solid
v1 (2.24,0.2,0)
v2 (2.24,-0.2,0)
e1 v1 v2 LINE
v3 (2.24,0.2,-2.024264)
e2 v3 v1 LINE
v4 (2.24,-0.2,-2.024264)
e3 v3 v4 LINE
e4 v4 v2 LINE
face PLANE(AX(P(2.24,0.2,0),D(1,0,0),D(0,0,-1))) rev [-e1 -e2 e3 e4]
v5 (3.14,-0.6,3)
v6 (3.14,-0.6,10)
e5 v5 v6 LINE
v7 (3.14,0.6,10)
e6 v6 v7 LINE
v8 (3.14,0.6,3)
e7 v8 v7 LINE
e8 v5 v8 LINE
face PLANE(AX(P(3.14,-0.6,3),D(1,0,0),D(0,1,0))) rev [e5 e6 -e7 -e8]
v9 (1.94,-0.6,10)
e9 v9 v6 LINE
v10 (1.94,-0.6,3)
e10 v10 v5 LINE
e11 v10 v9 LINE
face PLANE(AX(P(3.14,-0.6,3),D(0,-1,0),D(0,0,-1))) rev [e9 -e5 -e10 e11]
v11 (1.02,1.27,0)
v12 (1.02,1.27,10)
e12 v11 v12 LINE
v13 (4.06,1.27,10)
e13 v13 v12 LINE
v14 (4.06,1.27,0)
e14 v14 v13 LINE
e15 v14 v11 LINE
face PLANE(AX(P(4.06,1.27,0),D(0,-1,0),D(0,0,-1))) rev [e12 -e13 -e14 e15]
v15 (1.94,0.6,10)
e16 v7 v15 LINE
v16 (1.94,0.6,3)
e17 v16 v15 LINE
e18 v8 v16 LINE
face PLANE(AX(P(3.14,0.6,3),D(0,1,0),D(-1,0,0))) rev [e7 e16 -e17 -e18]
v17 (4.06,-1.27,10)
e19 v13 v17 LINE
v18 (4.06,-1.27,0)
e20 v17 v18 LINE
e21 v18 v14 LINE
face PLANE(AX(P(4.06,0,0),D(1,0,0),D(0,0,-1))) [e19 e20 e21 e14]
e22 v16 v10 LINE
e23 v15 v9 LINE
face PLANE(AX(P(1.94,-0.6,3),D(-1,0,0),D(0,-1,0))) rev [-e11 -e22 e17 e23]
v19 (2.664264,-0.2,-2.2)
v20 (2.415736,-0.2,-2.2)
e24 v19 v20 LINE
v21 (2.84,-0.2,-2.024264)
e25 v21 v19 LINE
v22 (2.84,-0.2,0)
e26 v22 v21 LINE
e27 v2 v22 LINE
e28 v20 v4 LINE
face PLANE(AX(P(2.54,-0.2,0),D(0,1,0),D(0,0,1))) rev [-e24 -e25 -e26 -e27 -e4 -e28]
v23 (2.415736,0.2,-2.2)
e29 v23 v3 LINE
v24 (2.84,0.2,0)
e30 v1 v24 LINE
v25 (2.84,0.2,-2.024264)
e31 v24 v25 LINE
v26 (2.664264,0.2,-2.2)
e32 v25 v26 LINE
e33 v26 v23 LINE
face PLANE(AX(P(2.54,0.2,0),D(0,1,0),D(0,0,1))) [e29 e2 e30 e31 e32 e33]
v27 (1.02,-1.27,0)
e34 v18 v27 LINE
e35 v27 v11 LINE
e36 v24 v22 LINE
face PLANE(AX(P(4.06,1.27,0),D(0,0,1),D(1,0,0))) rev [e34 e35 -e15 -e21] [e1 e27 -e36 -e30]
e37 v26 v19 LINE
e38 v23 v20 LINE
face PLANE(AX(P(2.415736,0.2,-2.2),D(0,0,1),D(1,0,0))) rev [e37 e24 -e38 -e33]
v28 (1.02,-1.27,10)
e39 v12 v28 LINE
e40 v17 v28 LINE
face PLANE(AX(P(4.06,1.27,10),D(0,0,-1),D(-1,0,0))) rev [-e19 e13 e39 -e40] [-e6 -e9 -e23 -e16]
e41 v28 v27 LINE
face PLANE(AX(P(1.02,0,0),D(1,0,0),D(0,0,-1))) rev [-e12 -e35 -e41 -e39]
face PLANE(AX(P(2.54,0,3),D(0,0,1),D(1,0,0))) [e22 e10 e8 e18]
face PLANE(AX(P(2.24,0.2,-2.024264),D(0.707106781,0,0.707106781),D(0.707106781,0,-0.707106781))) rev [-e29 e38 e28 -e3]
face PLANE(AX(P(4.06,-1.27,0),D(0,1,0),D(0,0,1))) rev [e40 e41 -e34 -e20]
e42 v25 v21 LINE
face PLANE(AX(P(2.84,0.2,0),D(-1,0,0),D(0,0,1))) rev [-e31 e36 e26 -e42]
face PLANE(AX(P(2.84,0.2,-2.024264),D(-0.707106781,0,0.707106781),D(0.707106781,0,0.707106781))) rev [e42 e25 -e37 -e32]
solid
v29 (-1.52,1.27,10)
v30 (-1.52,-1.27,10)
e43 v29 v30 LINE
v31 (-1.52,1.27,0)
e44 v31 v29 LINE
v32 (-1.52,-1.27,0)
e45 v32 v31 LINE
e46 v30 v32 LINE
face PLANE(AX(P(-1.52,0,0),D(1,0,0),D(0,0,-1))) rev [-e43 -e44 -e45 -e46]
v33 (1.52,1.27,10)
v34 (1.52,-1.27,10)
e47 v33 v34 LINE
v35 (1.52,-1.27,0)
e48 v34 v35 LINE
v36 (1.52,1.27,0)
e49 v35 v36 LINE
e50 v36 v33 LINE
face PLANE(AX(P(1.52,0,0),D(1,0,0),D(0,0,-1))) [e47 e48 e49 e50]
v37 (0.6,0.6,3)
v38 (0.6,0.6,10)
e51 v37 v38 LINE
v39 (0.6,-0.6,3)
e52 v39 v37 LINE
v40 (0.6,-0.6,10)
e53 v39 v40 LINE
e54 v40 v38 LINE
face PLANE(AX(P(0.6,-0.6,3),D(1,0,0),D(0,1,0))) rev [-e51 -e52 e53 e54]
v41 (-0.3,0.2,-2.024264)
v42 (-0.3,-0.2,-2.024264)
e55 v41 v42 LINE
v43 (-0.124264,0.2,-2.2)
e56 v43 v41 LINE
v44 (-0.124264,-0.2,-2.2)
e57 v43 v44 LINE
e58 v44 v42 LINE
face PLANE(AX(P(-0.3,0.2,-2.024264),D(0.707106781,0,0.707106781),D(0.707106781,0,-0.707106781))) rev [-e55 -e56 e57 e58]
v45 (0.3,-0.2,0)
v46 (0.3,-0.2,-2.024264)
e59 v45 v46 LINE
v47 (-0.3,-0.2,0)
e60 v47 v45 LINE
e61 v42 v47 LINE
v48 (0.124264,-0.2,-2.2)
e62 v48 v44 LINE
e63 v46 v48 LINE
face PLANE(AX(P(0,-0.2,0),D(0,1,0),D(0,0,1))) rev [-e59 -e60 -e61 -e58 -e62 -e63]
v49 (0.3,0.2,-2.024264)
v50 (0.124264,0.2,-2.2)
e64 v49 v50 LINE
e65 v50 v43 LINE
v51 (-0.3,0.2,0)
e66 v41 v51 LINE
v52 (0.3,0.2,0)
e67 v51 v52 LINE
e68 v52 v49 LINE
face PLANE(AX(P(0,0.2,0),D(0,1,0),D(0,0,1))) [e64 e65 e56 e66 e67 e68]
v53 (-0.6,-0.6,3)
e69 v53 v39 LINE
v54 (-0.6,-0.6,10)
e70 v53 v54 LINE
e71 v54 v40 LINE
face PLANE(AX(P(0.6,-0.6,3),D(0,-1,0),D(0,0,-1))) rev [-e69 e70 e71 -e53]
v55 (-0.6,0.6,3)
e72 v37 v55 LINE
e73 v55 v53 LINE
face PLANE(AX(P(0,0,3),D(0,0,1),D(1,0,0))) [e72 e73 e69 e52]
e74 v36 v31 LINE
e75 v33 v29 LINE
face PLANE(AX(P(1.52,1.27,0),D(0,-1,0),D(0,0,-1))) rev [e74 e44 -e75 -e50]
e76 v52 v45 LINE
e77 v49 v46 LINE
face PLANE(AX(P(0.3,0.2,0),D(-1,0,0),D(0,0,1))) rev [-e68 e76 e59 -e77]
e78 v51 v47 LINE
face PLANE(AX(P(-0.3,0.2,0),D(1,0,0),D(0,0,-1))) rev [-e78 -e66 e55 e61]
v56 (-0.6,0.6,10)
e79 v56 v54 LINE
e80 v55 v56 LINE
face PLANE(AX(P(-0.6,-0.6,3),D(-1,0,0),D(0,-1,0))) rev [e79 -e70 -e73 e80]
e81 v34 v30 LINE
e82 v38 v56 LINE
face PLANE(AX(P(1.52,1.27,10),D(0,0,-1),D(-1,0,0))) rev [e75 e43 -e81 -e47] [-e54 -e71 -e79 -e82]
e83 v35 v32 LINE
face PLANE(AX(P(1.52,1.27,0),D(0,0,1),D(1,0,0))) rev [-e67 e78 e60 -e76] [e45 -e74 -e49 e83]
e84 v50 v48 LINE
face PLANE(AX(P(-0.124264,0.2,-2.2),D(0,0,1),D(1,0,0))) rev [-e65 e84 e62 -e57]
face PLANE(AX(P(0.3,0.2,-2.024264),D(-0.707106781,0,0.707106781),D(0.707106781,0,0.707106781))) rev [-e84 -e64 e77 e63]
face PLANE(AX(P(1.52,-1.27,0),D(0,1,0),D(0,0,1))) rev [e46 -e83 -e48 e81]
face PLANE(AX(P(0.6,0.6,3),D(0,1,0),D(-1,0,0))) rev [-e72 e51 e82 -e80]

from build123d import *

# Parameters (mm, degrees)
SKETCH1_W           = 2.54
SKETCH1_H           = 10
BOSS_EXTRUDE1_DEPTH = 1.52
SKETCH2_W           = 1.2
SKETCH2_H           = 1.2
CUT_EXTRUDE1_DEPTH  = 7
BOSS_EXTRUDE2_DEPTH = 0.2
LPATTERN1_COUNT     = 2
LPATTERN1_PITCH     = 2.54


with BuildPart() as part:
    # Sketch1 → Boss-Extrude1 (new, symmetric)
    with BuildSketch(Plane(origin=(0, 0, 0), x_dir=(0, -1, 0), z_dir=(1, 0, 0))):
        with Locations((0, -5)):
            Rectangle(SKETCH1_W, SKETCH1_H)
    extrude(amount=BOSS_EXTRUDE1_DEPTH, both=True)

    # Sketch2 → Cut-Extrude1 (cut)
    with BuildSketch(Plane(origin=(0, 0, 10), x_dir=(-1, 0, 0), z_dir=(0, 0, 1))):
        Rectangle(SKETCH2_W, SKETCH2_H)
    extrude(amount=-CUT_EXTRUDE1_DEPTH, mode=Mode.SUBTRACT)

    # Sketch3 → Boss-Extrude2 (add, symmetric)
    with BuildSketch(Plane(origin=(0, 0, 0), x_dir=(1, 0, 0), z_dir=(0, 1, 0))):
        Polygon((-0.3, 0), (-0.3, 2.024264069), (-0.124264069, 2.2), (0.124264069, 2.2), (0.3, 2.024264069), (0.3, 0), align=None)
    extrude(amount=BOSS_EXTRUDE2_DEPTH, both=True)


with BuildPart() as lpattern1_1:
    # LPattern1: pattern copy
    add(part.part.moved(Location(Vector(1, 0, 0) * (1 * LPATTERN1_PITCH))))


solid = Compound([part.part, lpattern1_1.part])
